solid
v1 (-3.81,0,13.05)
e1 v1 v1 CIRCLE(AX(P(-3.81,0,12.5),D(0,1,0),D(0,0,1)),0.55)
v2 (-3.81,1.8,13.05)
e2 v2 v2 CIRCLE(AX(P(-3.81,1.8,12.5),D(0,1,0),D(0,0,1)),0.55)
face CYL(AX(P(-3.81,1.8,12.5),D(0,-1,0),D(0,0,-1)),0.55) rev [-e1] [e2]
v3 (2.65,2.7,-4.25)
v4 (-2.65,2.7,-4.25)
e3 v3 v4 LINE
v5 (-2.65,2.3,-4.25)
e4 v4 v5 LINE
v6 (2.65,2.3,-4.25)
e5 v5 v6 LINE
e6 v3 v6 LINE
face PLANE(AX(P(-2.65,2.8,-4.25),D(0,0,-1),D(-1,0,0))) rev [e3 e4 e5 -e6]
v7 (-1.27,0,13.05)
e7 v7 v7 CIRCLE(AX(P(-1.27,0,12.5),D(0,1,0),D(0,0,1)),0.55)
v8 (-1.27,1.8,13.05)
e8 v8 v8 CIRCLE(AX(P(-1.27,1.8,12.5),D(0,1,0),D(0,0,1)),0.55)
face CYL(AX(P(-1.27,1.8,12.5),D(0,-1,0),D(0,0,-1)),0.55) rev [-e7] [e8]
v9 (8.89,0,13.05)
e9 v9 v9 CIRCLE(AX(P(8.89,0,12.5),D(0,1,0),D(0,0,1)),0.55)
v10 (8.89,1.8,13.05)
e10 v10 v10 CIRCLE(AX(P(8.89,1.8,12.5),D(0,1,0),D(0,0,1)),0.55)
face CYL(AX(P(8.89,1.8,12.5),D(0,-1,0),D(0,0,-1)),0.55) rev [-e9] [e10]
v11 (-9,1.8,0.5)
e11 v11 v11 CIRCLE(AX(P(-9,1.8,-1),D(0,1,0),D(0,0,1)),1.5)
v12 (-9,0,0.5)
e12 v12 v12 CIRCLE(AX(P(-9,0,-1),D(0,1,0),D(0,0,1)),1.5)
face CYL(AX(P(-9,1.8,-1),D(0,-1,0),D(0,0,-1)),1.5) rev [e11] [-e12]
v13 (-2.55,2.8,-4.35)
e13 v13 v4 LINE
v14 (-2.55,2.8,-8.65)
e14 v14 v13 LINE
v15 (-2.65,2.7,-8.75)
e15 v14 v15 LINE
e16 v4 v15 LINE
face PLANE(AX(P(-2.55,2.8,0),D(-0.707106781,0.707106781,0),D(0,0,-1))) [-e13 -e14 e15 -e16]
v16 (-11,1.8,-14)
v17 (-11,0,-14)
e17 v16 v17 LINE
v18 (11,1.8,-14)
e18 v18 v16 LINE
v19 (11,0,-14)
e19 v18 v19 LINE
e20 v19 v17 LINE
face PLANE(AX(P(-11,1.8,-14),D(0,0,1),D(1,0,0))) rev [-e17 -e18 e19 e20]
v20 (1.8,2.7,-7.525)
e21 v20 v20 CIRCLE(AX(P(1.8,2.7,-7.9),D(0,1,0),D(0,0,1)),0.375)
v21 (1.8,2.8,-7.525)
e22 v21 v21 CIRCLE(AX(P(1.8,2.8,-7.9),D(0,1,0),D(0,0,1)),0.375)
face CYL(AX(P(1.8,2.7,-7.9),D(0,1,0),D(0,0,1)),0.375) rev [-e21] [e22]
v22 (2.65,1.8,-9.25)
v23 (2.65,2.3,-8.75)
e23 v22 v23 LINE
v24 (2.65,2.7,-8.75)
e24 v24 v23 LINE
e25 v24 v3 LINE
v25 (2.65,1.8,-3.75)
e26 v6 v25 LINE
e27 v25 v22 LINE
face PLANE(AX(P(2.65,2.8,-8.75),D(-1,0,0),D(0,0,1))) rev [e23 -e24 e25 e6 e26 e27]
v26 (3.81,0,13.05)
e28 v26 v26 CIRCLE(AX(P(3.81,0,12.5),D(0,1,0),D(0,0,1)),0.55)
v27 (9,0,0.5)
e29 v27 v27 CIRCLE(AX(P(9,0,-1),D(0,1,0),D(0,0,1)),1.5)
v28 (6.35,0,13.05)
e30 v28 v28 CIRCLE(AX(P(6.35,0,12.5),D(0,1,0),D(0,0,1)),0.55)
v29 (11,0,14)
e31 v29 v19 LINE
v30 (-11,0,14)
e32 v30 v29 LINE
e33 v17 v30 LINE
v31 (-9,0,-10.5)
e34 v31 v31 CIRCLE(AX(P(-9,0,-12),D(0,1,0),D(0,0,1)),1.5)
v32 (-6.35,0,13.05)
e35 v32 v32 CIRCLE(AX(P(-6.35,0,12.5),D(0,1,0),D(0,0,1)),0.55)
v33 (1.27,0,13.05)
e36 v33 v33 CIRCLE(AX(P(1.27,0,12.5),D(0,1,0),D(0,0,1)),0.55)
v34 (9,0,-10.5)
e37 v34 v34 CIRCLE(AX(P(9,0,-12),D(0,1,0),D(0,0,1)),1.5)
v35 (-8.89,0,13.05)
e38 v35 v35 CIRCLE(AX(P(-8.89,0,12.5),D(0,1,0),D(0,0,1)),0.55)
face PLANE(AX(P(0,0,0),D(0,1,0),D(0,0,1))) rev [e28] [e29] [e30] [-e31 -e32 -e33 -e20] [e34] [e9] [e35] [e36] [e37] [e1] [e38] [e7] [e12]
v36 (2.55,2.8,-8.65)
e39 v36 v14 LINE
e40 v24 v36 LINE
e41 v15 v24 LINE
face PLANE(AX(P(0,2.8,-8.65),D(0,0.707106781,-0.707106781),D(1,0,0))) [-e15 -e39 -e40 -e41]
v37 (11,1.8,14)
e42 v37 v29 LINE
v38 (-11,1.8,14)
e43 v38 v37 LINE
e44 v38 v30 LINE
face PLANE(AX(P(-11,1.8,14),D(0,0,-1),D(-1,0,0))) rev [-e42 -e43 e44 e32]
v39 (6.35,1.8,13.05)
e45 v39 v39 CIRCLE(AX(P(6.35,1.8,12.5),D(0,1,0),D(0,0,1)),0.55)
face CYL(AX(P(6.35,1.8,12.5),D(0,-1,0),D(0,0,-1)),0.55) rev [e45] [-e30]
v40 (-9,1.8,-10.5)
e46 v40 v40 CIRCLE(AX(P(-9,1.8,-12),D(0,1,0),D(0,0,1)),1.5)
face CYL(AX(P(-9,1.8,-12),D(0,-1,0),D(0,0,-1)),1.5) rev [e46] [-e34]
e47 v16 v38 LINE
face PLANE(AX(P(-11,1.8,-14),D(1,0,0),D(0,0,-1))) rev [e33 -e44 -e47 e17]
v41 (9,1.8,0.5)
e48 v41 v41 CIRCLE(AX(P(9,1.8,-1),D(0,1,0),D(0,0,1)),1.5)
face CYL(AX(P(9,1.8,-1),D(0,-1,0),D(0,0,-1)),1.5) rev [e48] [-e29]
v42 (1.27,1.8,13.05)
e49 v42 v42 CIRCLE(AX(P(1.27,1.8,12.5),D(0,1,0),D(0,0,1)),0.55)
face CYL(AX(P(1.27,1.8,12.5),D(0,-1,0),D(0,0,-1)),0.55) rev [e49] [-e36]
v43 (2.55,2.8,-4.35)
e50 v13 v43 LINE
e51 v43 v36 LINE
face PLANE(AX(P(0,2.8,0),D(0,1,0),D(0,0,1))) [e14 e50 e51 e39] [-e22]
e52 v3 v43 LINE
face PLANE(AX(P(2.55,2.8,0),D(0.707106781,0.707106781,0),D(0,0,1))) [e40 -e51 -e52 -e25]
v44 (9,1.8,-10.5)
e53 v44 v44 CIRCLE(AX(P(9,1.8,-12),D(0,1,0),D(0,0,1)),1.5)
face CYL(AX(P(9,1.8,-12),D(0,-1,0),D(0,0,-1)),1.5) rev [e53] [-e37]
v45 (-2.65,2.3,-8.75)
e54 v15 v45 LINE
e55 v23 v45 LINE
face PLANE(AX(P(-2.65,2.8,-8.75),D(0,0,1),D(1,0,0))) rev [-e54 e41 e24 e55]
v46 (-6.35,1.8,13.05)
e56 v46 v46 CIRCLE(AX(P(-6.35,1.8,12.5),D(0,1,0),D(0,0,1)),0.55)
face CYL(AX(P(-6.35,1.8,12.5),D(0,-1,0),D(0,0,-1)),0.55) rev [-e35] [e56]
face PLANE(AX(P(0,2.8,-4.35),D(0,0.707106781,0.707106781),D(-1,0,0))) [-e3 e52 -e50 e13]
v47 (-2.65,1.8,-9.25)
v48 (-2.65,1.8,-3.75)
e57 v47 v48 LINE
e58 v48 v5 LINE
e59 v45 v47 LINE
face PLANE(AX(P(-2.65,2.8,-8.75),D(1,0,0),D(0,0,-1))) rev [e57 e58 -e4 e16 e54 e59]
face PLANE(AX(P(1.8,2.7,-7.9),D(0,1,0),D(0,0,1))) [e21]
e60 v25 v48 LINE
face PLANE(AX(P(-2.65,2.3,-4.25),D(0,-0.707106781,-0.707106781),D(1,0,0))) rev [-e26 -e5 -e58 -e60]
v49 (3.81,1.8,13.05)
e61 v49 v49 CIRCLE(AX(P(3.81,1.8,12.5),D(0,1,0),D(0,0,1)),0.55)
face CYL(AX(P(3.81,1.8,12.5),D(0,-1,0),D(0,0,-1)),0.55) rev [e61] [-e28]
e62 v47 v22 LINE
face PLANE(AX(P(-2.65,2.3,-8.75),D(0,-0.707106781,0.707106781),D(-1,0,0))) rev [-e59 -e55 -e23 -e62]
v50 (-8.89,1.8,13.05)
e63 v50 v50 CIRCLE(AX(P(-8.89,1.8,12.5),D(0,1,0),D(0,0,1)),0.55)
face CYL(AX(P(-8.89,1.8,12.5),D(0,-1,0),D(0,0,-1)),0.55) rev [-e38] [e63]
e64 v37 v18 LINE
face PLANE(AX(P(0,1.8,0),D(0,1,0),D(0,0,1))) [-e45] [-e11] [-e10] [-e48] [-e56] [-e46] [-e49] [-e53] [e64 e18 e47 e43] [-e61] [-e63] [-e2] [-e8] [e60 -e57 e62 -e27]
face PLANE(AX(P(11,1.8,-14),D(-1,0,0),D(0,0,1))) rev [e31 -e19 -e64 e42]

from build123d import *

# Parameters (mm, degrees)
SKETCH1_W           = 22
SKETCH1_H           = 28
SKETCH1_R           = 1.5
SKETCH1_R_2         = 0.55
BOSS_EXTRUDE1_DEPTH = 1.8
SKETCH2_W           = 5.3
SKETCH2_H           = 4.5
BOSS_EXTRUDE2_DEPTH = 1
CHAMFER1_SIZE       = 0.5
CHAMFER2_SIZE       = 0.1
SKETCH3_R           = 0.375
CUT_EXTRUDE1_DEPTH  = 0.1


with BuildPart() as part:
    # Sketch1 → Boss-Extrude1 (new body)
    with BuildSketch(Plane(origin=(0, 0, 0), x_dir=(1, 0, 0), z_dir=(0, 1, 0))):
        Rectangle(SKETCH1_W, SKETCH1_H)
        with Locations(Location((-9, 12, 0), (0, 0, 270))):
            Circle(SKETCH1_R, mode=Mode.SUBTRACT)
        with Locations(Location((9, 12, 0), (0, 0, 270))):
            Circle(SKETCH1_R, mode=Mode.SUBTRACT)
        with Locations(Location((9, 1, 0), (0, 0, 270))):
            Circle(SKETCH1_R, mode=Mode.SUBTRACT)
        with Locations(Location((-9, 1, 0), (0, 0, 270))):
            Circle(SKETCH1_R, mode=Mode.SUBTRACT)
        with Locations(Location((-8.89, -12.5, 0), (0, 0, 270))):
            Circle(SKETCH1_R_2, mode=Mode.SUBTRACT)
        with Locations(Location((-6.35, -12.5, 0), (0, 0, 270))):
            Circle(SKETCH1_R_2, mode=Mode.SUBTRACT)
        with Locations(Location((-3.81, -12.5, 0), (0, 0, 270))):
            Circle(SKETCH1_R_2, mode=Mode.SUBTRACT)
        with Locations(Location((-1.27, -12.5, 0), (0, 0, 270))):
            Circle(SKETCH1_R_2, mode=Mode.SUBTRACT)
        with Locations(Location((1.27, -12.5, 0), (0, 0, 270))):
            Circle(SKETCH1_R_2, mode=Mode.SUBTRACT)
        with Locations(Location((3.81, -12.5, 0), (0, 0, 270))):
            Circle(SKETCH1_R_2, mode=Mode.SUBTRACT)
        with Locations(Location((6.35, -12.5, 0), (0, 0, 270))):
            Circle(SKETCH1_R_2, mode=Mode.SUBTRACT)
        with Locations(Location((8.89, -12.5, 0), (0, 0, 270))):
            Circle(SKETCH1_R_2, mode=Mode.SUBTRACT)
    extrude(amount=BOSS_EXTRUDE1_DEPTH)

    # Sketch2 → Boss-Extrude2 (add)
    with BuildSketch(Plane(origin=(0, 1.8, 0), x_dir=(1, 0, 0), z_dir=(0, 1, 0))):
        with Locations((0, 6.5)):
            Rectangle(SKETCH2_W, SKETCH2_H)
    extrude(amount=BOSS_EXTRUDE2_DEPTH)

    # Chamfer1
    chamfer1_edges = [part.edges().sort_by_distance(p)[0] for p in [
        (0, 1.8, -8.75),
        (0, 1.8, -4.25),
    ]]
    chamfer(chamfer1_edges, length=CHAMFER1_SIZE)

    # Chamfer2
    chamfer2_edges = [part.edges().sort_by_distance(p)[0] for p in [
        (2.65, 2.8, -6.5),
        (0, 2.8, -8.75),
        (-2.65, 2.8, -6.5),
        (0, 2.8, -4.25),
    ]]
    chamfer(chamfer2_edges, length=CHAMFER2_SIZE)

    # Sketch3 → Cut-Extrude1 (cut)
    with BuildSketch(Plane(origin=(0, 2.8, 0), x_dir=(1, 0, 0), z_dir=(0, 1, 0))):
        with Locations(Location((1.8, 7.9, 0), (0, 0, 270))):
            Circle(SKETCH3_R)
    extrude(amount=-CUT_EXTRUDE1_DEPTH, mode=Mode.SUBTRACT)


solid = part.part
